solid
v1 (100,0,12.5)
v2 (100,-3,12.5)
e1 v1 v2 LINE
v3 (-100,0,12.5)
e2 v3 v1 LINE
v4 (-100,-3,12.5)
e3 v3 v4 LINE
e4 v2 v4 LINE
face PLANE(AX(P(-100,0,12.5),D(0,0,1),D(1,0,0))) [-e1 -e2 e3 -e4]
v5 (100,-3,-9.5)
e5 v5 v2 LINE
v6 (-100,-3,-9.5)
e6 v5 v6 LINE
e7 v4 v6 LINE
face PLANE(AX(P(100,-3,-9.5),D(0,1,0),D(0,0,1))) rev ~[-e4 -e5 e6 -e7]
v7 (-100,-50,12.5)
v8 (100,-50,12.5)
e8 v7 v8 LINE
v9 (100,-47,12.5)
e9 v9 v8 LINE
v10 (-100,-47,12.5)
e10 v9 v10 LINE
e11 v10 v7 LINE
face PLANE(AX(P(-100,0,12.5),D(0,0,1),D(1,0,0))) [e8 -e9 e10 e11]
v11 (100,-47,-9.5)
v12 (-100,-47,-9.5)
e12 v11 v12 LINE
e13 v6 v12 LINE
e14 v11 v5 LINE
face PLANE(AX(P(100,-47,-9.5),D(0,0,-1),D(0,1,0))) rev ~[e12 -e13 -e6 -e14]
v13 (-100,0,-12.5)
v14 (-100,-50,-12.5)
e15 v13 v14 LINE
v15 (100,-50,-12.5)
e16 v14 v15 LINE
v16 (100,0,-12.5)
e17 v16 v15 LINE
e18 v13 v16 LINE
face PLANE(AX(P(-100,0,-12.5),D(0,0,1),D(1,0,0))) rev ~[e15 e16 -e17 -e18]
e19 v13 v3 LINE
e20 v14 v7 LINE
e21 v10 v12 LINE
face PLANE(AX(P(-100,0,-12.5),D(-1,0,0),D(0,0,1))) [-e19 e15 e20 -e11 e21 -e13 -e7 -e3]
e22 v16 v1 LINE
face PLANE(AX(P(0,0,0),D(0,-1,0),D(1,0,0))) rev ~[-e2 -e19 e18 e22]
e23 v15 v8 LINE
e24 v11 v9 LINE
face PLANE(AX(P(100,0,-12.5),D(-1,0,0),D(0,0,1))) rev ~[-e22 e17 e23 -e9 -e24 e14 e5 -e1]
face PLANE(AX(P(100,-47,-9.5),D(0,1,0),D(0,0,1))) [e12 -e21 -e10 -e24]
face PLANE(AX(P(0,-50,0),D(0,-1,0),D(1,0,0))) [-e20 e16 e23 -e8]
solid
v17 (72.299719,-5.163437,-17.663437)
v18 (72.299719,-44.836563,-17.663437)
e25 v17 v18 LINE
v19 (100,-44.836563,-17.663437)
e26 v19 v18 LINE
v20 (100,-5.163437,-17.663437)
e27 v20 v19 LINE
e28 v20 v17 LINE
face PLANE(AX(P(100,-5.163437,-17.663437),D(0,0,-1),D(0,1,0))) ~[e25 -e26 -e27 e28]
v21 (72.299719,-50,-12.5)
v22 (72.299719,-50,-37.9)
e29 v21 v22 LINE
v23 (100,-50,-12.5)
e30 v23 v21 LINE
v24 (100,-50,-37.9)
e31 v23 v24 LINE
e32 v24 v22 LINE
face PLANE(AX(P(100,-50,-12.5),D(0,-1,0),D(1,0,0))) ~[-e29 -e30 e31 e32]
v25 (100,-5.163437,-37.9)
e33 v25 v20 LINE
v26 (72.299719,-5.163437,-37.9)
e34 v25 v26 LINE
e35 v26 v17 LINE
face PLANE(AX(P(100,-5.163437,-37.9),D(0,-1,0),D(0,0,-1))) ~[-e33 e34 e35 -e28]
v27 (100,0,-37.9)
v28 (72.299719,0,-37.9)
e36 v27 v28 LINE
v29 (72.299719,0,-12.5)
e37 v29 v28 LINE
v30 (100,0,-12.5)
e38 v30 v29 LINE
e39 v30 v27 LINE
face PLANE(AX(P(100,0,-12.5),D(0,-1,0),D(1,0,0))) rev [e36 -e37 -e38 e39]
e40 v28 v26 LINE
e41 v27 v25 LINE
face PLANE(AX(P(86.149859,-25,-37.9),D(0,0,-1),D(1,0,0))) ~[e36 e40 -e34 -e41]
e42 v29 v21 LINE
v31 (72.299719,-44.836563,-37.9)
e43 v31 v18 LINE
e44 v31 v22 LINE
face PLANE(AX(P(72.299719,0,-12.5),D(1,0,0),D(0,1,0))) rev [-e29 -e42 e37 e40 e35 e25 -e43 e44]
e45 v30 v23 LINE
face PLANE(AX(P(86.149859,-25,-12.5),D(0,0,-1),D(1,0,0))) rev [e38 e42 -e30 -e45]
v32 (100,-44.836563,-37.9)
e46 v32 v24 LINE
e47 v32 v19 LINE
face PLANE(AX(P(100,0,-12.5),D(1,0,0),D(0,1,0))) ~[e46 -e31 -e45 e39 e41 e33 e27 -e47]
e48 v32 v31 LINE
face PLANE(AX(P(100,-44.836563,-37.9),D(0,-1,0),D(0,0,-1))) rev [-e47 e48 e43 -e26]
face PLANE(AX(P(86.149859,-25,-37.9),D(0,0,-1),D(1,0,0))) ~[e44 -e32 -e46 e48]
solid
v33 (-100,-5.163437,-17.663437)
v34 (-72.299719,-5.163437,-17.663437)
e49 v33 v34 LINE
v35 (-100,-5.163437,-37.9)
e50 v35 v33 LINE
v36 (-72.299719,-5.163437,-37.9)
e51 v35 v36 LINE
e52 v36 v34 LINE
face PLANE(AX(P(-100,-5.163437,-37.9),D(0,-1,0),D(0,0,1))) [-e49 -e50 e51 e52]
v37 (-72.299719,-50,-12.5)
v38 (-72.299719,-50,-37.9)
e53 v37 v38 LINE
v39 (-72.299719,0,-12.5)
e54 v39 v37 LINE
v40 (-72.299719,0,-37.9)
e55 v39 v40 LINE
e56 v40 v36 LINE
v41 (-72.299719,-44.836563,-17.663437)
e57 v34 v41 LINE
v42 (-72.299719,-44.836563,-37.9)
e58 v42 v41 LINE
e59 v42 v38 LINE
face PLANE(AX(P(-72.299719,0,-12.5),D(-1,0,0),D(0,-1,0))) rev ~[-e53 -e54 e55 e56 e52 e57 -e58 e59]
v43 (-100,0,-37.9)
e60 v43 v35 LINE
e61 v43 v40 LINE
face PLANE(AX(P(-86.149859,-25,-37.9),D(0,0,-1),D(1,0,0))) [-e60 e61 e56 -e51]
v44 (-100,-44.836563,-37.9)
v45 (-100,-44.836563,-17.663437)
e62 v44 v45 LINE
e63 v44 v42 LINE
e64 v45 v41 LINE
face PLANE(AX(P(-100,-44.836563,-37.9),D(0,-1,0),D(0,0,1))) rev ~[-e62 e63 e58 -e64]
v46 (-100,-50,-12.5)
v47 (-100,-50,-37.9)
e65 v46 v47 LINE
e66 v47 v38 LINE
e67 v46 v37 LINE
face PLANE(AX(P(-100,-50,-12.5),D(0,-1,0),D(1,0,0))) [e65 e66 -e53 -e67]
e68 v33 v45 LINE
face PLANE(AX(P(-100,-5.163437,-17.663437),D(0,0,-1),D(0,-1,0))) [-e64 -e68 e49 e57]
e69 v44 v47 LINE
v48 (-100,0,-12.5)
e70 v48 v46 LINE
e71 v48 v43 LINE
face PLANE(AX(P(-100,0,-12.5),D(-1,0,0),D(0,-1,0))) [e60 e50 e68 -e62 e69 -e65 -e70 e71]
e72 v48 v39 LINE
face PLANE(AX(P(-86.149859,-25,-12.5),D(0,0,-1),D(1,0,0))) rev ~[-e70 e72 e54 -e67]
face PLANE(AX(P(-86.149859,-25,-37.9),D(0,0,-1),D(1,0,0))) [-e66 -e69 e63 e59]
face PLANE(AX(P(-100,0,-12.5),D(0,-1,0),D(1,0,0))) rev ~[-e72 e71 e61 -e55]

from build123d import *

# Parameters (mm, degrees)
F0_W     = 200
F0_H     = 25
F1_DEPTH = 50
F2_W     = 44
F2_H     = 22
F3_DEPTH = 200.001
F4_W     = 27.7002811432
F4_H     = 50
F5_DEPTH = 25.4
F6_W     = 39.6731255576
F6_H     = 20.2365627788
F7_DEPTH = 200.001


with BuildPart() as f1:
    # F0 (on Front) → F1 (new body)
    with BuildSketch(Plane.XZ):
        Rectangle(F0_W, F0_H)
    extrude(amount=F1_DEPTH)

    # F2 (on face) → F3 (cut, through all)
    with BuildSketch(Plane.YZ.offset(100)):
        with Locations((-25, 1.5)):
            Rectangle(F2_W, F2_H)
    extrude(amount=-F3_DEPTH, mode=Mode.SUBTRACT)


with BuildPart() as f5:
    # F4 (on face) → F5 (new body)
    with BuildSketch(Plane(origin=(0, 0, -12.5), x_dir=(1, 0, 0), z_dir=(0, 0, -1))):
        with Locations((-86.1498594284, 25)):
            Rectangle(F4_W, F4_H)
    extrude(amount=F5_DEPTH)

    # F6 (on face) → F7 (cut, through all)
    with BuildSketch(Plane(origin=(-100, 0, 0), x_dir=(0, -1, 0), z_dir=(-1, 0, 0))):
        with Locations((25, -27.7817186106)):
            Rectangle(F6_W, F6_H)
    extrude(amount=-F7_DEPTH, mode=Mode.SUBTRACT)


with BuildPart() as f8_1:
    # F8: instance of F5
    add(f5.part.mirror(Plane.YZ))


solid = Compound([f1.part, f5.part, f8_1.part])
